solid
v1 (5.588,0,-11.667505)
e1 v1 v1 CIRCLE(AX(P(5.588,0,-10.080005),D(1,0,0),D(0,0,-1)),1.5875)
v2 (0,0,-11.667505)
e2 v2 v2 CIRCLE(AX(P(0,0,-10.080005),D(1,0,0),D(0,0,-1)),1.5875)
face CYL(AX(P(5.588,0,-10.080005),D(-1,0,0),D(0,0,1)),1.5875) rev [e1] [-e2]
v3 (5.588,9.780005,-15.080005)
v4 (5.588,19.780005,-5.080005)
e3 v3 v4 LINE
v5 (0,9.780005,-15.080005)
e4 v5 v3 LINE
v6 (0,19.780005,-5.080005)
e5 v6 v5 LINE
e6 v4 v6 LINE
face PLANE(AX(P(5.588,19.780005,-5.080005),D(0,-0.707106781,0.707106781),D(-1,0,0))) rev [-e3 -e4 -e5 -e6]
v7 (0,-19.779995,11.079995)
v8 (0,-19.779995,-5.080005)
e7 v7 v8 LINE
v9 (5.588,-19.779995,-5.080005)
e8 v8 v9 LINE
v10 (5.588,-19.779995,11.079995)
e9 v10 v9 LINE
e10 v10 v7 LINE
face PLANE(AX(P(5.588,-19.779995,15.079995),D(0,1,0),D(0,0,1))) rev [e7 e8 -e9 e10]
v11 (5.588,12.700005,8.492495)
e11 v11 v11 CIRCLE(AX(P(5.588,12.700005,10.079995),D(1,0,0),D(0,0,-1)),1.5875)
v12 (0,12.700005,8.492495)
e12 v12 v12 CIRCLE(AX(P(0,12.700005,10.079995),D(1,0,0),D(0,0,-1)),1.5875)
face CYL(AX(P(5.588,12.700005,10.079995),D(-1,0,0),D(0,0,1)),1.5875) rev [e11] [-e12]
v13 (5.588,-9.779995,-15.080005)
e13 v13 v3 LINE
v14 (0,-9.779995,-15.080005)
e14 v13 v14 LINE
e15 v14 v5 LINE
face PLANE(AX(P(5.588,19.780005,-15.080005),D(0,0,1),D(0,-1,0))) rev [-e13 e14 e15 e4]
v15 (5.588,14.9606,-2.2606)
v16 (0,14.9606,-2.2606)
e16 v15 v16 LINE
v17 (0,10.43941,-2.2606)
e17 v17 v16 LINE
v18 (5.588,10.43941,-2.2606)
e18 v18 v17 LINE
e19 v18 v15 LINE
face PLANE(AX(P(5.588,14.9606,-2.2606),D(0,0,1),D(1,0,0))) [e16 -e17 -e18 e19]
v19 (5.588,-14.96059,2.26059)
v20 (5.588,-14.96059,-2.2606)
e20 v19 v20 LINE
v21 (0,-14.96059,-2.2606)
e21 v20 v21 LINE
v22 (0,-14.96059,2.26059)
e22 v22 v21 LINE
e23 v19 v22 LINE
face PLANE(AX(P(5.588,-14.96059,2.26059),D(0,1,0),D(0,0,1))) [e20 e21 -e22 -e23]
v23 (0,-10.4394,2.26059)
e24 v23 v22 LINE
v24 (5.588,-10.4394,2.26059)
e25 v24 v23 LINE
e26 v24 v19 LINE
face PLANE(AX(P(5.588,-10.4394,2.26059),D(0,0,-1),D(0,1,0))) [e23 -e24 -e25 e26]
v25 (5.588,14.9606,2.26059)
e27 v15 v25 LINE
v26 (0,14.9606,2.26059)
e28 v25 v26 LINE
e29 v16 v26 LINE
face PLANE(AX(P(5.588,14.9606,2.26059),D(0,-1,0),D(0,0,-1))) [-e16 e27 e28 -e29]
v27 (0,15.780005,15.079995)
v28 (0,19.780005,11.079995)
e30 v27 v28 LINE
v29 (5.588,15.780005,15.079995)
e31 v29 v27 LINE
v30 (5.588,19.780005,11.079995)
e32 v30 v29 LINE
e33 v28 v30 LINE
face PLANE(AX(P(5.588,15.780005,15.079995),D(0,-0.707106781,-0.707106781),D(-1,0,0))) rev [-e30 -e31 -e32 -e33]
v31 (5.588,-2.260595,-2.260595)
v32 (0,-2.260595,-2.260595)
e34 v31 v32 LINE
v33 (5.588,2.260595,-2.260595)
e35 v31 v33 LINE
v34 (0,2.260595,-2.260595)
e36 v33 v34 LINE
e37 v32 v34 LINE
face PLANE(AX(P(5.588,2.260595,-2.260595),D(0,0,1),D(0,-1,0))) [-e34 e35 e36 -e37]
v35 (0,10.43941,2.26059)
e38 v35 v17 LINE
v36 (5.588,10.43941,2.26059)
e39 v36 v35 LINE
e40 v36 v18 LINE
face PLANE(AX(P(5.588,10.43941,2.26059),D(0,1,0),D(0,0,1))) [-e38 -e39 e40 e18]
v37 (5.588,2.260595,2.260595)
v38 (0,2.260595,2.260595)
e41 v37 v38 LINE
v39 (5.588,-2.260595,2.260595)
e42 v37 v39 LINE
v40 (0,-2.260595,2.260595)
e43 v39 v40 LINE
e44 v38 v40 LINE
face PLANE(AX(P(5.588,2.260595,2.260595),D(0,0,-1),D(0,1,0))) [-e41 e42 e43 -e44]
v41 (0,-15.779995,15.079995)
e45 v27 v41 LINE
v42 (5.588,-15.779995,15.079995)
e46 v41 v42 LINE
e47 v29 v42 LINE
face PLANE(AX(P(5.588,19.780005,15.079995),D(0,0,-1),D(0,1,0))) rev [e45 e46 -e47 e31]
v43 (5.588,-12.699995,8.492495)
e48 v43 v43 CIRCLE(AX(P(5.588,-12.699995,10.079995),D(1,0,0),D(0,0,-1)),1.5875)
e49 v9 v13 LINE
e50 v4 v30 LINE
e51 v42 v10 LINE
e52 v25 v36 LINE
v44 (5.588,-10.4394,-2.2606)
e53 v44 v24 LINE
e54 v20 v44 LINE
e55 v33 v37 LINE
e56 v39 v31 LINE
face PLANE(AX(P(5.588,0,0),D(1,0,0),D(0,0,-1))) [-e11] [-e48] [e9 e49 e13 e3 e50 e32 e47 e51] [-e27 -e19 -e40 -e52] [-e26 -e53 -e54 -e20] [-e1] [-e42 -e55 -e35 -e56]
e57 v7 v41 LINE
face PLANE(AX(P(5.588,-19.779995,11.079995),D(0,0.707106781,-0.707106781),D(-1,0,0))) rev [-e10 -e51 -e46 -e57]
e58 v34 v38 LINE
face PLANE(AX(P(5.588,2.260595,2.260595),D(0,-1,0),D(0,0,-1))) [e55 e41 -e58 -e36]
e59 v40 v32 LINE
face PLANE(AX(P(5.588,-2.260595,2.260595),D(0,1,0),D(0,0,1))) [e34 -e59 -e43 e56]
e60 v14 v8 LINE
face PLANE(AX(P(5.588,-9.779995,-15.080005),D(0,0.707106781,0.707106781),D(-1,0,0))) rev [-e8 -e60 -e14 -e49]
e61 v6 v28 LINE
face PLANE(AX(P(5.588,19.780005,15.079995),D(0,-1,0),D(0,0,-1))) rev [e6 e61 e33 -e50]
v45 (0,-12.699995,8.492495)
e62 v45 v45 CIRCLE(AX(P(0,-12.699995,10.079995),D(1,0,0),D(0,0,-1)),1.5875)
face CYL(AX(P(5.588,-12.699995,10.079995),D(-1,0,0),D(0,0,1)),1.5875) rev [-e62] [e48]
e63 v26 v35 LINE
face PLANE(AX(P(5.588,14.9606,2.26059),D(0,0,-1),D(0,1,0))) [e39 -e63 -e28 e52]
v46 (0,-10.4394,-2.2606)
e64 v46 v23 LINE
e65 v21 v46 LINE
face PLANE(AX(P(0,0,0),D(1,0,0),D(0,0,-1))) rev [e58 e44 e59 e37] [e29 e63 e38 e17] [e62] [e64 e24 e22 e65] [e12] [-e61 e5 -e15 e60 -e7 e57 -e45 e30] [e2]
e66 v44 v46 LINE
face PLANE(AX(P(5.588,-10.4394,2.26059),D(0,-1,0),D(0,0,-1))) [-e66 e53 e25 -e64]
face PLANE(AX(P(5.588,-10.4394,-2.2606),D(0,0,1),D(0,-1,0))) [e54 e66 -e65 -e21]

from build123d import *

# Parameters (mm, degrees)
SKETCH1_W           = 30.16
SKETCH1_H           = 39.56
SKETCH1_R           = 1.5875
SKETCH1_W_2         = 4.521190227
SKETCH1_H_2         = 4.521190227
SKETCH1_W_3         = 4.521190228
SKETCH1_H_3         = 4.521190228
BOSS_EXTRUDE1_DEPTH = 5.588
CHAMFER1_SIZE       = 10
CHAMFER2_SIZE       = 4


with BuildPart() as part:
    # Sketch1 → Boss-Extrude1 (new body)
    with BuildSketch(Plane(origin=(0, 0, 0), x_dir=(0, 0, -1), z_dir=(1, 0, 0))):
        with Locations((4.886e-06, 4.886e-06)):
            Rectangle(SKETCH1_W, SKETCH1_H)
        with Locations((-10.079995114, 12.700004886)):
            Circle(SKETCH1_R, mode=Mode.SUBTRACT)
        with Locations((-10.079995114, -12.699995114)):
            Circle(SKETCH1_R, mode=Mode.SUBTRACT)
        with Locations((10.080004886, 0)):
            Circle(SKETCH1_R, mode=Mode.SUBTRACT)
        with Locations((4.886e-06, 12.700004887)):
            Rectangle(SKETCH1_W_2, SKETCH1_H_2, mode=Mode.SUBTRACT)
        Rectangle(SKETCH1_W_3, SKETCH1_H_3, mode=Mode.SUBTRACT)
        with Locations((4.886e-06, -12.699995114)):
            Rectangle(SKETCH1_W_2, SKETCH1_H_2, mode=Mode.SUBTRACT)
    extrude(amount=BOSS_EXTRUDE1_DEPTH)

    # Chamfer1
    chamfer1_edges = [part.edges().sort_by_distance(p)[0] for p in [
        (2.794, 19.780004886, -15.080004886),
        (2.794, -19.779995114, -15.080004886),
    ]]
    chamfer(chamfer1_edges, length=CHAMFER1_SIZE)

    # Chamfer2
    chamfer2_edges = [part.edges().sort_by_distance(p)[0] for p in [
        (2.794, 19.780004886, 15.079995114),
        (2.794, -19.779995114, 15.079995114),
    ]]
    chamfer(chamfer2_edges, length=CHAMFER2_SIZE)


solid = part.part
